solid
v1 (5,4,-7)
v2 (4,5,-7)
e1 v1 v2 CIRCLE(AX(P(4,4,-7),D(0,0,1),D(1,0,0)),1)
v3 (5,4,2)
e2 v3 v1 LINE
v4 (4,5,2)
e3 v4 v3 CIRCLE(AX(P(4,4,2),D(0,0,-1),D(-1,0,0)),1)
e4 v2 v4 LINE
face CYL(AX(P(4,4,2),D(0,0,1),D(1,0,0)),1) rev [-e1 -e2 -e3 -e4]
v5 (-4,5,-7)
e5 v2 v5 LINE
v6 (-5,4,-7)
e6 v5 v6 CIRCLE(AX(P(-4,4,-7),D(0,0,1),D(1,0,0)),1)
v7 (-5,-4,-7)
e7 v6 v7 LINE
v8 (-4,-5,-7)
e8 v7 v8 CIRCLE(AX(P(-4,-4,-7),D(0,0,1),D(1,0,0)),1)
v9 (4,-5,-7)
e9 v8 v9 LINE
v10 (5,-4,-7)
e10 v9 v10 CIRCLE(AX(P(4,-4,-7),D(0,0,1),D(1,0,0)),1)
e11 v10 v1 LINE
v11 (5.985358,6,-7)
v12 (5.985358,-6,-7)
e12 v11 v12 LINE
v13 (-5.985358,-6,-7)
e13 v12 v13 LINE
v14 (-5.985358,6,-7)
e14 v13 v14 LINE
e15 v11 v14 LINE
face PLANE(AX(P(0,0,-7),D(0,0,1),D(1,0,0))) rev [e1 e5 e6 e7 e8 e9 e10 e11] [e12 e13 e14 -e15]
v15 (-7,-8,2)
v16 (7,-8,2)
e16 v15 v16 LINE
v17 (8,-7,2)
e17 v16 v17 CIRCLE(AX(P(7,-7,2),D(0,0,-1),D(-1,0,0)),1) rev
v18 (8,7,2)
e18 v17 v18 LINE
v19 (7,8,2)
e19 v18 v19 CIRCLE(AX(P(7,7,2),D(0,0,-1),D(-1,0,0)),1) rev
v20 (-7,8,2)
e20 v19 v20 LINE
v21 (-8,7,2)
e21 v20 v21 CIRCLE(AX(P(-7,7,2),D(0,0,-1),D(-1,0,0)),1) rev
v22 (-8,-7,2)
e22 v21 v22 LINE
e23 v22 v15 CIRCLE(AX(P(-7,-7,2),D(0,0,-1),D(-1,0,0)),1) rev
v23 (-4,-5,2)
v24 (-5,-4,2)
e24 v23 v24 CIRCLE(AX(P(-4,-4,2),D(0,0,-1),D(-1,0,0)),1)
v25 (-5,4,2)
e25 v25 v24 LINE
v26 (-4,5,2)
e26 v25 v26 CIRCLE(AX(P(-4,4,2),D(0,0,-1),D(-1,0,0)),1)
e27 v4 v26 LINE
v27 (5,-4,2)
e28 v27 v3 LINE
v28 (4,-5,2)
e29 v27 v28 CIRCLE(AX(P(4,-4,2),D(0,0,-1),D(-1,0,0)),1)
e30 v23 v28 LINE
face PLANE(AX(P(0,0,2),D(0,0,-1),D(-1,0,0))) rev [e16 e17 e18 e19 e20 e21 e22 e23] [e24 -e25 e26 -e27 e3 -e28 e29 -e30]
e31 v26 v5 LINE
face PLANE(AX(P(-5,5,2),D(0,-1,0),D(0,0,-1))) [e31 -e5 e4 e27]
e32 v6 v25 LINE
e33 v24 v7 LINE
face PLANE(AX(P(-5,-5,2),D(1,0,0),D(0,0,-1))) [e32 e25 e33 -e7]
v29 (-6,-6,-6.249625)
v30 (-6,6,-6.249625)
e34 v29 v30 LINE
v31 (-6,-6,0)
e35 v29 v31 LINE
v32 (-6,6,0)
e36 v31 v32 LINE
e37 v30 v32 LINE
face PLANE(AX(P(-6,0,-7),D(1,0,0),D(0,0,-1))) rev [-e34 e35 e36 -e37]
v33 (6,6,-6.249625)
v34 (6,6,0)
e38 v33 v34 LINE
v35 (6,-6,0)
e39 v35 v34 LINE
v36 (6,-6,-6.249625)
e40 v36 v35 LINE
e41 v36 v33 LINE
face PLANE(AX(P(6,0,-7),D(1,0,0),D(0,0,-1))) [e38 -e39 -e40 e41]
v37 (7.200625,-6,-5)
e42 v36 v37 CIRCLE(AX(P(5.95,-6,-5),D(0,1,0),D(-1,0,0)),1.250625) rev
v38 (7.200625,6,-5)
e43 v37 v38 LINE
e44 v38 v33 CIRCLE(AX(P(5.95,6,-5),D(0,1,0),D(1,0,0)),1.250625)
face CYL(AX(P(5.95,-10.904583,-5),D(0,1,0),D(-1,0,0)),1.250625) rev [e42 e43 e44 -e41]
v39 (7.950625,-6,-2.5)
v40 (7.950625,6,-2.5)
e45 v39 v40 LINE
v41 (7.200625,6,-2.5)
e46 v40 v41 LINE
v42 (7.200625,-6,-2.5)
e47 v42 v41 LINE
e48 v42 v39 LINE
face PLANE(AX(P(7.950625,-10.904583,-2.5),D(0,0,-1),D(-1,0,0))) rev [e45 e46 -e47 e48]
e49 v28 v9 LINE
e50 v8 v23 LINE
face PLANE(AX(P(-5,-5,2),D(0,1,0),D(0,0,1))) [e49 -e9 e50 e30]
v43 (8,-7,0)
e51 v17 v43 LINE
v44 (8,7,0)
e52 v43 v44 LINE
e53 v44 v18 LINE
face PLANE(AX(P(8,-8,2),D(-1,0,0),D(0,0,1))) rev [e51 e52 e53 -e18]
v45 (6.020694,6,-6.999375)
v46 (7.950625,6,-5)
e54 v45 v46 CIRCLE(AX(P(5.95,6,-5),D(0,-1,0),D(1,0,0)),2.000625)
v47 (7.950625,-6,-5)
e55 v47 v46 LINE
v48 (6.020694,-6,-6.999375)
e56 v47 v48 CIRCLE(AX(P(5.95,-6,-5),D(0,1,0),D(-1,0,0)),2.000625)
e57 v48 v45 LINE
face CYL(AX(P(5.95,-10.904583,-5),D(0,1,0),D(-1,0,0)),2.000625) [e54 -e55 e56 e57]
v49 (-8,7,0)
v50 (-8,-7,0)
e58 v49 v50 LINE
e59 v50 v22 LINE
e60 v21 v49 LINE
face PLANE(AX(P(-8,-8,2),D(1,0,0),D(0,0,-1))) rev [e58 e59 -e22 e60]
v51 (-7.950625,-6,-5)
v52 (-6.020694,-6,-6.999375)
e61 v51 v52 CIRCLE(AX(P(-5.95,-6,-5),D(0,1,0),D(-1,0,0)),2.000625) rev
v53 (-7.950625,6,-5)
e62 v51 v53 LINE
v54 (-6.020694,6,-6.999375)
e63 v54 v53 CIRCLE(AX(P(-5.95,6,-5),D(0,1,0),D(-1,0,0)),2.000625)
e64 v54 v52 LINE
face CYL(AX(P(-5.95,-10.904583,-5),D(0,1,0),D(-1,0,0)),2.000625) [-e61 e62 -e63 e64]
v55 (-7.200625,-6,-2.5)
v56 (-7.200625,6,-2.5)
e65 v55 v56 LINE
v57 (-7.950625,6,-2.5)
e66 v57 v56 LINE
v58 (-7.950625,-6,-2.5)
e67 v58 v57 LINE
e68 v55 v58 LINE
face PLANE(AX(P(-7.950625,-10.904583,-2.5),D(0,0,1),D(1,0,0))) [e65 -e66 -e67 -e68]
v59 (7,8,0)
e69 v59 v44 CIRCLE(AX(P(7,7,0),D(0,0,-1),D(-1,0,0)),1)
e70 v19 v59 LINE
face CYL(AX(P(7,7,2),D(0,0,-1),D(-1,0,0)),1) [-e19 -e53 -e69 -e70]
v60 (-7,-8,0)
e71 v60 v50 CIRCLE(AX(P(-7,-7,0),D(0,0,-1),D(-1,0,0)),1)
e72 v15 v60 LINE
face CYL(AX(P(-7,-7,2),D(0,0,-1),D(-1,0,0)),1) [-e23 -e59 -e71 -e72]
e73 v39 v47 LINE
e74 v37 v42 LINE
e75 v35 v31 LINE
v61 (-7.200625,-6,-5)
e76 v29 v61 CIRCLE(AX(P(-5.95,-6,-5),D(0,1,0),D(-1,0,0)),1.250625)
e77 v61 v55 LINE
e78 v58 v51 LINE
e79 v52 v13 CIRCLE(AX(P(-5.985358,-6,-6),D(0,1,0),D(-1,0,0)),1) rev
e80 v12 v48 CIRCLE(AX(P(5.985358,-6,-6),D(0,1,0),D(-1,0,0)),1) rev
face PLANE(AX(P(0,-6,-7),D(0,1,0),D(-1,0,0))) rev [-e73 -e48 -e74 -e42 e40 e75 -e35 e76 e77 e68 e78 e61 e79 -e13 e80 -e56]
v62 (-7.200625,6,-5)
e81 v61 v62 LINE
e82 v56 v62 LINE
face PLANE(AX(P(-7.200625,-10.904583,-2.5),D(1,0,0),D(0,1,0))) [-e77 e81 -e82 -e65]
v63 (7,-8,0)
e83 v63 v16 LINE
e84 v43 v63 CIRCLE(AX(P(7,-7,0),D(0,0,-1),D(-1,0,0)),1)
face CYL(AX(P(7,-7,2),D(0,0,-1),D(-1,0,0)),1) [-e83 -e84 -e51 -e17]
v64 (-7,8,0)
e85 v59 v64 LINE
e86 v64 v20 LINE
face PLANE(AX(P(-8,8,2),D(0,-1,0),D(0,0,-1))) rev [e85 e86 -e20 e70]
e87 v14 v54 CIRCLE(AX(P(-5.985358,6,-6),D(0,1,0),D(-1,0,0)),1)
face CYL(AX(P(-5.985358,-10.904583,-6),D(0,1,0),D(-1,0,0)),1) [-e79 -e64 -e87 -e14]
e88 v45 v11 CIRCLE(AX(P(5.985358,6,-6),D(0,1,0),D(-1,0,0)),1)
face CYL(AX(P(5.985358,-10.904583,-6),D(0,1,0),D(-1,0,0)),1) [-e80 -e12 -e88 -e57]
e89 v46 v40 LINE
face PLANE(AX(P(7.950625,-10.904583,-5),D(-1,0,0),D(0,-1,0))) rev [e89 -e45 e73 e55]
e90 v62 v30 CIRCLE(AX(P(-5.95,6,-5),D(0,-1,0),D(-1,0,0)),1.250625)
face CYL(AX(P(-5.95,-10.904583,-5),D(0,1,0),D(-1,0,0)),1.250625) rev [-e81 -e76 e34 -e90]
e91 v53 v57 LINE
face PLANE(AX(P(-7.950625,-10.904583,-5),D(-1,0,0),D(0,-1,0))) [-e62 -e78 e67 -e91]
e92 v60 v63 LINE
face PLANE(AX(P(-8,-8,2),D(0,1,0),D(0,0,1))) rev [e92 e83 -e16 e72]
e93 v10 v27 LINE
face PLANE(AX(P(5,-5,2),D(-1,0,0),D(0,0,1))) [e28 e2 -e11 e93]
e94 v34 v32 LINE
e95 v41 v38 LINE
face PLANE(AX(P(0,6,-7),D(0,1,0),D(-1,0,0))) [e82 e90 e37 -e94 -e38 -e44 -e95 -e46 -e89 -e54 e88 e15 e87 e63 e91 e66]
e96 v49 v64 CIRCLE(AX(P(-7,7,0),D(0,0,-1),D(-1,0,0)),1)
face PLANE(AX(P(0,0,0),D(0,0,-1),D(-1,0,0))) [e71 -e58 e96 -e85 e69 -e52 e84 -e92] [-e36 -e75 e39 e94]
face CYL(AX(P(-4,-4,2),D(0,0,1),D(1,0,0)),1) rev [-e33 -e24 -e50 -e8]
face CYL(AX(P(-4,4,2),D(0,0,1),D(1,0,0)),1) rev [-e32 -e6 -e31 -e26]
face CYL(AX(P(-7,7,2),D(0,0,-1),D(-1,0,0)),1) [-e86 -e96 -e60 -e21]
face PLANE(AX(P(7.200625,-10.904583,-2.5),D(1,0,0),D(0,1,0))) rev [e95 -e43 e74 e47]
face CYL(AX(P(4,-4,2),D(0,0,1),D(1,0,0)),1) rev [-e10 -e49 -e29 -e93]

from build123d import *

# Parameters (mm, degrees)
SKETCH1_W           = 16
SKETCH1_H           = 16
SKETCH1_W_2         = 10
SKETCH1_H_2         = 10
BOSS_EXTRUDE1_DEPTH = 2
SKETCH2_W           = 12
SKETCH2_H           = 12
SKETCH2_W_2         = 10
SKETCH2_H_2         = 10
BOSS_EXTRUDE2_DEPTH = 7
BOSS_EXTRUDE3_DEPTH = 12
FILLET1_R           = 1


with BuildPart() as part:
    # Sketch1 → Boss-Extrude1 (new body)
    with BuildSketch(Plane.XY):
        Rectangle(SKETCH1_W, SKETCH1_H)
        Rectangle(SKETCH1_W_2, SKETCH1_H_2, mode=Mode.SUBTRACT)
    extrude(amount=BOSS_EXTRUDE1_DEPTH)

    # Sketch2 → Boss-Extrude2 (add)
    with BuildSketch(Plane.XY):
        Rectangle(SKETCH2_W, SKETCH2_H)
        Rectangle(SKETCH2_W_2, SKETCH2_H_2, mode=Mode.SUBTRACT)
    extrude(amount=-BOSS_EXTRUDE2_DEPTH)

    # Sketch3 → Boss-Extrude3 (add)
    with BuildSketch(Plane(origin=(0, 6, 0), x_dir=(1, 0, 0), z_dir=(0, 1, 0))):
        with BuildLine():
            Line((-6, 7), (-6, 6.249625002))
            ThreePointArc((-6, 6.249625002), (-6.851829776, 5.866467368), (-7.200624902, 5))
            Line((-7.200624902, 5), (-7.200624902, 2.5))
            Line((-7.200624902, 2.5), (-7.950624902, 2.5))
            Line((-7.950624902, 2.5), (-7.950624902, 5))
            ThreePointArc((-7.950624902, 5), (-7.382224013, 6.396865912), (-6, 7))
        make_face()
    boss_extrude3 = extrude(amount=-BOSS_EXTRUDE3_DEPTH)

    # Mirror1: Boss-Extrude3 across plane
    add(boss_extrude3.mirror(Plane(origin=(0, 0, 0), x_dir=(0, 0, 1), z_dir=(1, 0, 0))))

    # Fillet1
    fillet1_edges = [part.edges().sort_by_distance(p)[0] for p in [
        (5, -5, -2.5),
        (5, 5, -2.5),
        (-5, 5, -2.5),
        (-5, -5, -2.5),
        (6, 0, -7),
        (-6, 0, -7),
        (8, -8, 1),
        (-8, -8, 1),
        (-8, 8, 1),
        (8, 8, 1),
    ]]
    fillet(fillet1_edges, radius=FILLET1_R)


solid = part.part
